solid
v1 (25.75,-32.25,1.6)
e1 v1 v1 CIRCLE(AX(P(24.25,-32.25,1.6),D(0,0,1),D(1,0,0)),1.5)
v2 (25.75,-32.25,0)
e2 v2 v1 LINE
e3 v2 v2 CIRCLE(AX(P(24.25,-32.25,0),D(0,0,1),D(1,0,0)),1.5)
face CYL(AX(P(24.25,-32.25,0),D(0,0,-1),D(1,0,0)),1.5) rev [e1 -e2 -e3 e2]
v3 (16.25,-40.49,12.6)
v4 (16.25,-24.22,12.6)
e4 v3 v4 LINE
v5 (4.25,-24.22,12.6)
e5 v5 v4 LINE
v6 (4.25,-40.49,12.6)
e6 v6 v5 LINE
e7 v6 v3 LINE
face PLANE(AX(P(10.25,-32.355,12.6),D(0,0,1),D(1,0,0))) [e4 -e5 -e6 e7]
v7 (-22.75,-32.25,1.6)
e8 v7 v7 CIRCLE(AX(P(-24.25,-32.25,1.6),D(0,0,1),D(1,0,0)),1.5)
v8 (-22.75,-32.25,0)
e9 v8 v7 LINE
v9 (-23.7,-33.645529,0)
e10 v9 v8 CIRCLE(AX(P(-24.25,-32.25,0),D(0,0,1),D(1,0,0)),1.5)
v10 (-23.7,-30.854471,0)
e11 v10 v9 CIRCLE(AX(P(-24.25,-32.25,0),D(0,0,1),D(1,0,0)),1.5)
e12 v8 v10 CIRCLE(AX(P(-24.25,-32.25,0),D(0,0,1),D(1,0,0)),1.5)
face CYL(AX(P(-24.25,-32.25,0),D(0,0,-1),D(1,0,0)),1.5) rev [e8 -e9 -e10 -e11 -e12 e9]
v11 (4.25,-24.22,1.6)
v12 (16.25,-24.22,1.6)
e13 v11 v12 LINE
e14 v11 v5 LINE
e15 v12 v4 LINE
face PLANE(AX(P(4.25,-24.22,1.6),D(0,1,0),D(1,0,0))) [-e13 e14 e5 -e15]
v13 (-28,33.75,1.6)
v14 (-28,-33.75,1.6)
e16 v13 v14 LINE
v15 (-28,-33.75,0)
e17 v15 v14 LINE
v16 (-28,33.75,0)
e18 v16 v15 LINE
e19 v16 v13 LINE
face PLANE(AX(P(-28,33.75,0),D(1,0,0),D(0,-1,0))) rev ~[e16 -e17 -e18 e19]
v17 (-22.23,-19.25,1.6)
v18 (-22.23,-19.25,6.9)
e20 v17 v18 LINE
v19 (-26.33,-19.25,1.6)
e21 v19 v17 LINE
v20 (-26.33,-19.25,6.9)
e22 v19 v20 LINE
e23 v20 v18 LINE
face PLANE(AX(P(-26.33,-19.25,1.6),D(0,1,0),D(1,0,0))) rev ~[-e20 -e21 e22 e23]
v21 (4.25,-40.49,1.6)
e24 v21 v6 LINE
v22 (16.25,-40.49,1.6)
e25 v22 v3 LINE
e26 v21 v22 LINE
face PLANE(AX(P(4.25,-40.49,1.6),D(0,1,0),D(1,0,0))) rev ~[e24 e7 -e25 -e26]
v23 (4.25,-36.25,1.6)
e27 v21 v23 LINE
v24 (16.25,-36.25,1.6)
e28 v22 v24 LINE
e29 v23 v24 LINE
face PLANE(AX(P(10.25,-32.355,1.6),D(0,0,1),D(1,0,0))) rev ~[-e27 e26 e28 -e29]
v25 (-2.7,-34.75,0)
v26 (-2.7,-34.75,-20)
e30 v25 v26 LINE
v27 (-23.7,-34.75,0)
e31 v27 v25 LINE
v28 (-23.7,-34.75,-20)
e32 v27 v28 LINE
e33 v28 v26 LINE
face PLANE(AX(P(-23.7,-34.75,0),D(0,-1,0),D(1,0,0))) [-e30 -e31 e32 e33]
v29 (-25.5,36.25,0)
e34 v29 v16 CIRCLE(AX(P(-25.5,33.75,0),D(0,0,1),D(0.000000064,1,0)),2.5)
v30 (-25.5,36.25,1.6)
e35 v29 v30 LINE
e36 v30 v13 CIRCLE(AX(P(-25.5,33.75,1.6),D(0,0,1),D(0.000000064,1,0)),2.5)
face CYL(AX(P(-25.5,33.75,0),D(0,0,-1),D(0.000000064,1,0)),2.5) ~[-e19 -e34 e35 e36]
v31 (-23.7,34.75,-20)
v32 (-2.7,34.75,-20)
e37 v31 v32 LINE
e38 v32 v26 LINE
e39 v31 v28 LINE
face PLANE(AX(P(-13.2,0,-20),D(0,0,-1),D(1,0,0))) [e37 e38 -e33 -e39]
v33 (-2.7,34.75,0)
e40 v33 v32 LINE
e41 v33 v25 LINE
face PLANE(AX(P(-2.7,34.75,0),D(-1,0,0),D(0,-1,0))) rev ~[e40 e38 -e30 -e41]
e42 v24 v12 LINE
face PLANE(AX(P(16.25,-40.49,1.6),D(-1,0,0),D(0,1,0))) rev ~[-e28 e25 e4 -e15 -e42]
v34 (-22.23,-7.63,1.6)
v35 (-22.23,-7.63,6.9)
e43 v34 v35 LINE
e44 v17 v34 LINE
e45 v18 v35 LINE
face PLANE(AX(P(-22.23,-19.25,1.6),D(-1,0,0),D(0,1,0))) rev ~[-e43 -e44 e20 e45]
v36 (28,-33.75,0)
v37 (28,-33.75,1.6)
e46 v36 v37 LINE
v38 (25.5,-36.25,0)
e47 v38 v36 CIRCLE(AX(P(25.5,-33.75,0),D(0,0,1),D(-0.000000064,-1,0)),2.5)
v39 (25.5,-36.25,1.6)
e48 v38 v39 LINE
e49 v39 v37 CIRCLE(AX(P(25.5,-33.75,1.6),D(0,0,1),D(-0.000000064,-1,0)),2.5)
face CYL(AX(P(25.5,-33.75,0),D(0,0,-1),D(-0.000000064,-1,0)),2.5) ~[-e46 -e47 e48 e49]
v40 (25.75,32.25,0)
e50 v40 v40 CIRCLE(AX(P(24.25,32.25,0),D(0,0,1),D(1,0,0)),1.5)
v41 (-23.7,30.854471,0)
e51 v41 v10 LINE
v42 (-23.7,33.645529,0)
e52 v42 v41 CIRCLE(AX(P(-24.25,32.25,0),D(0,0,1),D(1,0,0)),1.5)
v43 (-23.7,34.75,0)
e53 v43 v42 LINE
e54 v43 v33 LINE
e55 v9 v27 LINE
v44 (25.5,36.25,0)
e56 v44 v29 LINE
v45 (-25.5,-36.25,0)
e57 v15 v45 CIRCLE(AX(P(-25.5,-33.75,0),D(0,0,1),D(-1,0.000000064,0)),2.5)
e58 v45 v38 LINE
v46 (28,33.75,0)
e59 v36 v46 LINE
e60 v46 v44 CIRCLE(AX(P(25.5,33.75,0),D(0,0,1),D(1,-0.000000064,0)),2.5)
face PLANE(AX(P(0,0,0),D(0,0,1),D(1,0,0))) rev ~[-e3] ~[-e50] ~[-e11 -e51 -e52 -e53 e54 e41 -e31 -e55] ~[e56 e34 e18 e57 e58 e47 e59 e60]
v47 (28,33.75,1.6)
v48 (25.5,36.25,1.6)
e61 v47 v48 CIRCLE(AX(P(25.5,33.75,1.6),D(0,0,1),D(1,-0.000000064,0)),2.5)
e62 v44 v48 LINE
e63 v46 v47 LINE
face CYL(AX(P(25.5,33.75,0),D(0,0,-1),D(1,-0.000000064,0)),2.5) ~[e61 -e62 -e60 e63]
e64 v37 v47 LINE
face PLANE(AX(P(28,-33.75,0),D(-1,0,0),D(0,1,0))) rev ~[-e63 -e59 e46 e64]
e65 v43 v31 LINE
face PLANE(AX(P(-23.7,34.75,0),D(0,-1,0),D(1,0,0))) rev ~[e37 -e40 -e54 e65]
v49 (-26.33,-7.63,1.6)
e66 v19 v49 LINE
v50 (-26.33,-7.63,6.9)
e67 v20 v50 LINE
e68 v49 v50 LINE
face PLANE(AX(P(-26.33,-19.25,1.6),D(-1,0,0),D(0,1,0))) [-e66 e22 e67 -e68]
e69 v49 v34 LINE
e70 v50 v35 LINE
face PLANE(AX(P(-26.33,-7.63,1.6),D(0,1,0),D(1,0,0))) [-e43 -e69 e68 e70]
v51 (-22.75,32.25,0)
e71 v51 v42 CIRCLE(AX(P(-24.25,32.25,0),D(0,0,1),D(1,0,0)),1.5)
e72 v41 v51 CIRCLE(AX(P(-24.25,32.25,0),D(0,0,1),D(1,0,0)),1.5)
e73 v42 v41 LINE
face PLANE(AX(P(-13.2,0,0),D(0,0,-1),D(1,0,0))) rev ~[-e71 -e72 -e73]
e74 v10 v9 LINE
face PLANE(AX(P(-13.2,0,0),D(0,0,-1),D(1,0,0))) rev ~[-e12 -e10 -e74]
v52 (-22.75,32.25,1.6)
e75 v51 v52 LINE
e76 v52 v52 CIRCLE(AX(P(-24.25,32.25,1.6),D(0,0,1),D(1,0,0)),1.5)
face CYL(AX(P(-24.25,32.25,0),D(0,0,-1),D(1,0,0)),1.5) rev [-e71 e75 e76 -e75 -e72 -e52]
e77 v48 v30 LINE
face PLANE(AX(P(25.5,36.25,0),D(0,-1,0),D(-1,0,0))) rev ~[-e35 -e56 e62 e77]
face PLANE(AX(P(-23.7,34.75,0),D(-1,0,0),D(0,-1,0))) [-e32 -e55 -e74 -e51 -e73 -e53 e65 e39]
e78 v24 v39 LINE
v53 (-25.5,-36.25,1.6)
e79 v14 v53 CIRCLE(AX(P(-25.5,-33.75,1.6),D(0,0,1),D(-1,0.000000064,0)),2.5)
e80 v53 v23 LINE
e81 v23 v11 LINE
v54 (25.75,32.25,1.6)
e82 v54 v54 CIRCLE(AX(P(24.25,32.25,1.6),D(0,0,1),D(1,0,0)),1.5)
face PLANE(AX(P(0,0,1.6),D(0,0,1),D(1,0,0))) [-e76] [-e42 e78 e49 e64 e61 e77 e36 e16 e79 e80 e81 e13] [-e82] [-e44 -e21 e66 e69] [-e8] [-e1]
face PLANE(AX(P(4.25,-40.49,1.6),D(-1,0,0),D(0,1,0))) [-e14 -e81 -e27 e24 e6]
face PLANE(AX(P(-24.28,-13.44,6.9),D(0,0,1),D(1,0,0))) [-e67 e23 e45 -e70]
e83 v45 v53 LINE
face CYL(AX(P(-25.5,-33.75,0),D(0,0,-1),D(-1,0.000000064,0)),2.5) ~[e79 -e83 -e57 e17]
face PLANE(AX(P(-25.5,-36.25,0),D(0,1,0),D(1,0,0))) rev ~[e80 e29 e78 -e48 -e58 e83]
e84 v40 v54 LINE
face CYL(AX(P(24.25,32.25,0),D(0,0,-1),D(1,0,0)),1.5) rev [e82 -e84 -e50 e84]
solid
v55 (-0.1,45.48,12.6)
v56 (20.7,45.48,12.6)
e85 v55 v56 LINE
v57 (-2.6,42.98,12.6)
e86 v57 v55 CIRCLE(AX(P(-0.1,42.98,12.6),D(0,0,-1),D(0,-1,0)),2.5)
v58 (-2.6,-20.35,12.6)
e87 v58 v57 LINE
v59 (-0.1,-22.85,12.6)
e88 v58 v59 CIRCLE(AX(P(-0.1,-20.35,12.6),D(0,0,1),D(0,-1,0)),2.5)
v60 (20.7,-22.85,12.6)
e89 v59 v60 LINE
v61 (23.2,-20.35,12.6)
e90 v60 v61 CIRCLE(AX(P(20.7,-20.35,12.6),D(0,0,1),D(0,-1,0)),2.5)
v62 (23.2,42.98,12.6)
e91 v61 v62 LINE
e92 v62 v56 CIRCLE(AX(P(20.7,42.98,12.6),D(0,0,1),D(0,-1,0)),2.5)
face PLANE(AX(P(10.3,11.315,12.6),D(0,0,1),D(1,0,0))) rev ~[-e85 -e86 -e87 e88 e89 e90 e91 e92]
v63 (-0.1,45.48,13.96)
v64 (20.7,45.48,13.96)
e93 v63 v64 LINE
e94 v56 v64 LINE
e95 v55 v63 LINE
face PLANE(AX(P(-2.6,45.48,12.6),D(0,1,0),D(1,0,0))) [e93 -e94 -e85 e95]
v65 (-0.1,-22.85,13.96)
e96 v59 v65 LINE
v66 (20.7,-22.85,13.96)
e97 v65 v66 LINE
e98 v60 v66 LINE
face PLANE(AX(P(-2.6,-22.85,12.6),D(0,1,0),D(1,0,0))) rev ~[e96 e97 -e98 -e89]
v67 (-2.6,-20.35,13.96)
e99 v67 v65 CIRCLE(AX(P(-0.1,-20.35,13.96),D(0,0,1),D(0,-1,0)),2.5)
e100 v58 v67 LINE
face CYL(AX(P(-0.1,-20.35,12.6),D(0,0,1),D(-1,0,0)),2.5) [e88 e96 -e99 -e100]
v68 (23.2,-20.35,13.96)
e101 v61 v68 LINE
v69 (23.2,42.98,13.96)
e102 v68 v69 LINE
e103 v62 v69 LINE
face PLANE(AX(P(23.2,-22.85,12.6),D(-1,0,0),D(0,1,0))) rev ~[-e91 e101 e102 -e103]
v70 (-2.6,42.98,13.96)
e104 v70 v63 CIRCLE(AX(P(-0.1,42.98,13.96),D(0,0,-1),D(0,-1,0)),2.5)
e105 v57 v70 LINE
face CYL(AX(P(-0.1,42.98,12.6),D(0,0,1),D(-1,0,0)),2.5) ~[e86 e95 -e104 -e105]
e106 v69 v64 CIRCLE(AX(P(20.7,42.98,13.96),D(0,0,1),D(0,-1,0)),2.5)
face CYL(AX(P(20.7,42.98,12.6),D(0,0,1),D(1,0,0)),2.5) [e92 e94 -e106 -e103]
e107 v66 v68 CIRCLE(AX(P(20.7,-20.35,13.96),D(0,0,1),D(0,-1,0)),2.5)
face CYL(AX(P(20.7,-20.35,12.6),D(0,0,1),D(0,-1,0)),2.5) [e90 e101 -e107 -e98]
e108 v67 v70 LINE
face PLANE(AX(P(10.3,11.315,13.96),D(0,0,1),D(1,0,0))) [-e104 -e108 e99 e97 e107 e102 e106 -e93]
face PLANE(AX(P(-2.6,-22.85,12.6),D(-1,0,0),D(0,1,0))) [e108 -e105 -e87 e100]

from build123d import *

# Parameters (mm, degrees)
F0_R      = 1.5
F1_DEPTH  = 1.6
F3_W      = 25.8
F3_H      = 68.33
F4_DEPTH  = 1.36
F5_R      = 2.5
F6_W      = 12
F6_H      = 16.27
F7_DEPTH  = 11
F8_W      = 4.1
F8_H      = 11.62
F9_DEPTH  = 5.3
F10_W     = 21
F10_H     = 69.5
F11_DEPTH = 20


with BuildPart() as f1:
    # F0 (on Top) → F1 (new body)
    with BuildSketch(Plane.XY):
        with BuildLine():
            ThreePointArc((28, 33.75), (27.267767, 35.517767), (25.5, 36.25))
            Line((25.5, 36.25), (-25.5, 36.25))
            ThreePointArc((-25.5, 36.25), (-27.267767, 35.517767), (-28, 33.75))
            Line((-28, 33.75), (-28, -33.75))
            ThreePointArc((-28, -33.75), (-27.267767, -35.517767), (-25.5, -36.25))
            Line((-25.5, -36.25), (25.5, -36.25))
            ThreePointArc((25.5, -36.25), (27.267767, -35.517767), (28, -33.75))
            Line((28, -33.75), (28, 33.75))
        make_face()
        with Locations((-24.25, -32.25)):
            Circle(F0_R, mode=Mode.SUBTRACT)
        with Locations((24.25, -32.25)):
            Circle(F0_R, mode=Mode.SUBTRACT)
        with Locations((-24.25, 32.25)):
            Circle(F0_R, mode=Mode.SUBTRACT)
        with Locations((24.25, 32.25)):
            Circle(F0_R, mode=Mode.SUBTRACT)
    extrude(amount=F1_DEPTH)

    # F6 (on face) → F7 (join)
    with BuildSketch(Plane.XY.offset(1.6)):
        with Locations((10.25, -32.355)):
            Rectangle(F6_W, F6_H)
    extrude(amount=F7_DEPTH)

    # F8 (on face) → F9 (join)
    with BuildSketch(Plane.XY.offset(1.6)):
        with Locations((-24.28, -13.44)):
            Rectangle(F8_W, F8_H)
    extrude(amount=F9_DEPTH)

    # F10 (on face) → F11 (join)
    with BuildSketch(Plane(origin=(0, 0, 0), x_dir=(1, 0, 0), z_dir=(0, 0, -1))):
        with Locations((-13.2, 0)):
            Rectangle(F10_W, F10_H)
    extrude(amount=F11_DEPTH)


with BuildPart() as f4:
    # F3 (on offset) → F4 (new body)
    with BuildSketch(Plane.XY.offset(12.6)):
        with Locations((10.3, 11.315)):
            Rectangle(F3_W, F3_H)
    extrude(amount=F4_DEPTH)

    # F5
    f5_edges = [f4.edges().sort_by_distance(p)[0] for p in [
        (23.2, -22.85, 13.28),
        (-2.6, -22.85, 13.28),
        (23.2, 45.48, 13.28),
        (-2.6, 45.48, 13.28),
    ]]
    fillet(f5_edges, radius=F5_R)


solid = Compound([f1.part, f4.part])
